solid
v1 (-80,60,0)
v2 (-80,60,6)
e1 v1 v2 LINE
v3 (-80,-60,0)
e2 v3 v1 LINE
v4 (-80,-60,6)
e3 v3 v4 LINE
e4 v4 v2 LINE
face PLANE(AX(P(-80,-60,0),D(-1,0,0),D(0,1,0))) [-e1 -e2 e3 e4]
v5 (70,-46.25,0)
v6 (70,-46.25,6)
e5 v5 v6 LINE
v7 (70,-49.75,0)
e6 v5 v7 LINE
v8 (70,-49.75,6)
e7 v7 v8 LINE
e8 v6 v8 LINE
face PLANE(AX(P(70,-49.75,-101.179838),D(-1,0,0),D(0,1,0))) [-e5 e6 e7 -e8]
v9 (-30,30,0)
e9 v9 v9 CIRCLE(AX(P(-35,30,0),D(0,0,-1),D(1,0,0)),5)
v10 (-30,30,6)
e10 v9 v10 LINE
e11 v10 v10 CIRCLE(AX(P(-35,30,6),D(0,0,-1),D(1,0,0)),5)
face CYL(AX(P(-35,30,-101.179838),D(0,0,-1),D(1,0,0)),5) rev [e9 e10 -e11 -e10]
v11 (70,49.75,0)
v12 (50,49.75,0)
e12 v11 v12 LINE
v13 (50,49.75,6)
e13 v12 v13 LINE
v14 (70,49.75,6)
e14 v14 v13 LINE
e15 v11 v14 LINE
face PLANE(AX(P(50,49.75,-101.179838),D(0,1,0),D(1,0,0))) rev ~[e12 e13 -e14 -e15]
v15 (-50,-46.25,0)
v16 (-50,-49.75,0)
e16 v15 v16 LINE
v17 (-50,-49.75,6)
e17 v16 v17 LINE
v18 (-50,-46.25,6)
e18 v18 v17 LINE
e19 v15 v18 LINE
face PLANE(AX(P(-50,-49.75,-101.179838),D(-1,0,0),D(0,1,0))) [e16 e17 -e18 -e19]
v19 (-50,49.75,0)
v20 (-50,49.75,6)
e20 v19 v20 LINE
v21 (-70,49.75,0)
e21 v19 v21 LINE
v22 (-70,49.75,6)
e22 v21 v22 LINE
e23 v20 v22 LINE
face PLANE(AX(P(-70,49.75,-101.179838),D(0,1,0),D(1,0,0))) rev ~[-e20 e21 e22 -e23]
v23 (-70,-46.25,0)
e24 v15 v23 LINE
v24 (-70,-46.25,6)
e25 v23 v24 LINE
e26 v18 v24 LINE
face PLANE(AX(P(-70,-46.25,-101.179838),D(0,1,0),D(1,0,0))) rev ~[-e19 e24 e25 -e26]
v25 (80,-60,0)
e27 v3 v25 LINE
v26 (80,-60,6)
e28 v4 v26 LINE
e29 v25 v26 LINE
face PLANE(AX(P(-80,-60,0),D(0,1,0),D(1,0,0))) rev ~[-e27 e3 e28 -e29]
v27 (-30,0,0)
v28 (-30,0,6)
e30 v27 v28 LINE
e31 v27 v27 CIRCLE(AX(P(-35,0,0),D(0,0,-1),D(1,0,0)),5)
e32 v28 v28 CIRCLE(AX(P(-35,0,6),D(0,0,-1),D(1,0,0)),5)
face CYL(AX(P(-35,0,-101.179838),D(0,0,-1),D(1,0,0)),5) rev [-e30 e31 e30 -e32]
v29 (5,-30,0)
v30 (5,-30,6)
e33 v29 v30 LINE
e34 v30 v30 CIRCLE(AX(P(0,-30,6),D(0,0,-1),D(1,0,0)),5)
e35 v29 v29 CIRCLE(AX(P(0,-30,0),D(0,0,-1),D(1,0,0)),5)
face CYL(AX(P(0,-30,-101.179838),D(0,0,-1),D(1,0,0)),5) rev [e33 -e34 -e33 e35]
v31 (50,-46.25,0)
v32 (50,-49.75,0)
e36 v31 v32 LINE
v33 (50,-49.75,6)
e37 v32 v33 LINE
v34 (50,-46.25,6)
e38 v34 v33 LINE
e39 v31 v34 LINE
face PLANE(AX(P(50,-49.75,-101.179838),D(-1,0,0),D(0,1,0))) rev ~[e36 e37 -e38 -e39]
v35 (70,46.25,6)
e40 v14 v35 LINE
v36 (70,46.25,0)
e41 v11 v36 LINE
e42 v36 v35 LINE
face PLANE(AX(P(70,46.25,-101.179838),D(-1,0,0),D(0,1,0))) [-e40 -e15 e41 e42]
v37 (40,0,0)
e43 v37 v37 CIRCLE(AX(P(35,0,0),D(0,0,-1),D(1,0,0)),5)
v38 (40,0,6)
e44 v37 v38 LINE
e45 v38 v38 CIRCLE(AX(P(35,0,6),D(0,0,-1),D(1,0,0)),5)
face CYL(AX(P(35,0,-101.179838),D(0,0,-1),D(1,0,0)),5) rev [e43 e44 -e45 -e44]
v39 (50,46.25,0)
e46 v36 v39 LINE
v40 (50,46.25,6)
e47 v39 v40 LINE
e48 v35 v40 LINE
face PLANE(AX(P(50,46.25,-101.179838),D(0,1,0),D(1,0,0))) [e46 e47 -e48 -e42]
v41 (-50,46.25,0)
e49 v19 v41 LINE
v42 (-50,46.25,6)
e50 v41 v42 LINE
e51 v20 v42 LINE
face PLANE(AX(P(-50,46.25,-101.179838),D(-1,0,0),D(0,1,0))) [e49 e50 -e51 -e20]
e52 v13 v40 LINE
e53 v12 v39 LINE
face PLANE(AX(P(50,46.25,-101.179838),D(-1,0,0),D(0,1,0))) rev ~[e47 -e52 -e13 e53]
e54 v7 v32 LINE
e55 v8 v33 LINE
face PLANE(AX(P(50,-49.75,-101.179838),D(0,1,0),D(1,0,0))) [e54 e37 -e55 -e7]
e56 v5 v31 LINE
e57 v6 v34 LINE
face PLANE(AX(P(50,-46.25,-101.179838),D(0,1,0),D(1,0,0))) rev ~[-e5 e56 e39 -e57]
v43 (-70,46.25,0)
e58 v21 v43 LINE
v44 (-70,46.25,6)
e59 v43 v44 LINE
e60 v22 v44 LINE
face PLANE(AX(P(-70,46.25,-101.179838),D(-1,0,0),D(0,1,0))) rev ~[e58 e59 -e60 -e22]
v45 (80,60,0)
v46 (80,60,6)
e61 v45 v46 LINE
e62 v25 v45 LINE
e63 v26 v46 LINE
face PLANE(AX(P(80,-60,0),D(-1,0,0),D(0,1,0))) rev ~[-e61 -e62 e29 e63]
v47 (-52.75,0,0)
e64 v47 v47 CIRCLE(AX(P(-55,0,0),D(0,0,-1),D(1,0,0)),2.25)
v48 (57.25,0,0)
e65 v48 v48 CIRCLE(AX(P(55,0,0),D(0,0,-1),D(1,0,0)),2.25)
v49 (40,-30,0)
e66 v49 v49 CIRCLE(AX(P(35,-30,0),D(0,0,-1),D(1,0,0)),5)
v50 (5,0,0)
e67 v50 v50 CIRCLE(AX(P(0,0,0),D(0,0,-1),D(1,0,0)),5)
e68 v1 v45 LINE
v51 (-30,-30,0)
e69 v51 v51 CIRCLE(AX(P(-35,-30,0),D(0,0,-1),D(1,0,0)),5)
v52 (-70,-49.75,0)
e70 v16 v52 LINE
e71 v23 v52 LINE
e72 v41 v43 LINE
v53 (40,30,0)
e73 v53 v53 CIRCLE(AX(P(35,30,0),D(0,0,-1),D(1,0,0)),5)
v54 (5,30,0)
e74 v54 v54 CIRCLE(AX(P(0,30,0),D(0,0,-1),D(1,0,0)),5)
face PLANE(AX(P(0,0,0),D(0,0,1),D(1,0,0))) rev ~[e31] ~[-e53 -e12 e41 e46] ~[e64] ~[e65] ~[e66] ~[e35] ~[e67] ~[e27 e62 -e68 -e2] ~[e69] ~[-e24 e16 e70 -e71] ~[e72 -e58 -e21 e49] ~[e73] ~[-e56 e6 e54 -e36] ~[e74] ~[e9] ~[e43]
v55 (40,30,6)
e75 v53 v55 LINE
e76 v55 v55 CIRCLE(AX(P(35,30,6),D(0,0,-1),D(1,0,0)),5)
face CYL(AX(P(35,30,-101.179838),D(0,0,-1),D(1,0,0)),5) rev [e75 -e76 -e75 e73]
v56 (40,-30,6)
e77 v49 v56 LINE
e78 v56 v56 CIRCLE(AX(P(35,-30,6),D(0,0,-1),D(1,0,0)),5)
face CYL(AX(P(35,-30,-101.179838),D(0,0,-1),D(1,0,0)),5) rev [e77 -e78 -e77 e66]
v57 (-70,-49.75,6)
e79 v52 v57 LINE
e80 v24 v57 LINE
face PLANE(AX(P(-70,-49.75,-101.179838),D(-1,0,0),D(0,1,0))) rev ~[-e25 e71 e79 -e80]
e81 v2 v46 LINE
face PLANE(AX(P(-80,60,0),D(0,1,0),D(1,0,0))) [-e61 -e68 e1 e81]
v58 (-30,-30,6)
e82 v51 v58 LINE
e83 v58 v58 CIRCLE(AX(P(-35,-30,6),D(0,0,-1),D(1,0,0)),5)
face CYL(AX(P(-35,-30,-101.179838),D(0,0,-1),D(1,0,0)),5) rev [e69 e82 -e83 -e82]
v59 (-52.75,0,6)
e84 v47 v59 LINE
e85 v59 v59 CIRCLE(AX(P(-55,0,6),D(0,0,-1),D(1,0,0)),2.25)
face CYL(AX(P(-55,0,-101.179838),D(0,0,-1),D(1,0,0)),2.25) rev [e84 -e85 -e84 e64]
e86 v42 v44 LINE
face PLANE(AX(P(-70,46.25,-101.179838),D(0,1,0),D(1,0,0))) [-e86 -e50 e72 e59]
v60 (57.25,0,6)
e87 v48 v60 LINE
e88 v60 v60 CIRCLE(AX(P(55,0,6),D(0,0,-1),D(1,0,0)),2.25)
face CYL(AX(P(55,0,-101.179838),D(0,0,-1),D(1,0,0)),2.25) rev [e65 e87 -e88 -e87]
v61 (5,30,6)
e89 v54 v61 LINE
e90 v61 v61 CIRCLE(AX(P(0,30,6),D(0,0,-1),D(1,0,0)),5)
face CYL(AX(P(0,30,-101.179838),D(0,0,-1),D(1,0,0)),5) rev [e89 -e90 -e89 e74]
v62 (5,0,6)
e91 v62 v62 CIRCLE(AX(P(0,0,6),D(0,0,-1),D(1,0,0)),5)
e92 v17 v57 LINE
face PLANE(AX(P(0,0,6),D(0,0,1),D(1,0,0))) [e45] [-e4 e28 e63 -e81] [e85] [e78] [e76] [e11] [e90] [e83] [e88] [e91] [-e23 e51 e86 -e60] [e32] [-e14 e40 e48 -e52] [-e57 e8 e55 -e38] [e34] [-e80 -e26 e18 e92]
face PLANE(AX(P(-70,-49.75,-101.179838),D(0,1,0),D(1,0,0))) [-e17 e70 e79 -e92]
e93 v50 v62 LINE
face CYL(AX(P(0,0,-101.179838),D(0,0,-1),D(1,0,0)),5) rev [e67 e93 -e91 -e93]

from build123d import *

# Parameters (mm, degrees)
SKETCH_1_W                 = 160
SKETCH_1_H                 = 120
EXTRUDE_160X120_DEPTH      = 6
CUT_EXTRUDE_392_DEPTH      = 101.179838291
CUT_EXTRUDE_392_DEPTH_BACK = 101.179838291
SKETCH_2_R                 = 2.25
SKETCH_2_R_2               = 5
SKETCH_2_W                 = 20
SKETCH_2_H                 = 3.5


with BuildPart() as part:
    # 草图1 → 主板通用托盘160x120 (new body)
    with BuildSketch(Plane.XY):
        Rectangle(SKETCH_1_W, SKETCH_1_H)
    extrude(amount=EXTRUDE_160X120_DEPTH)

    # 草图2 → Cut-Extrude 392 (cut, two sides: drawn at the far end of the back side and taken through both)
    with BuildSketch(Plane.XY.offset(-CUT_EXTRUDE_392_DEPTH_BACK)):
        with Locations((-55, 0)):
            Circle(SKETCH_2_R)
        with Locations((55, 0)):
            Circle(SKETCH_2_R)
        with Locations((-35, -30)):
            Circle(SKETCH_2_R_2)
        with Locations((-35, 0)):
            Circle(SKETCH_2_R_2)
        with Locations((-35, 30)):
            Circle(SKETCH_2_R_2)
        with Locations((0, -30)):
            Circle(SKETCH_2_R_2)
        Circle(SKETCH_2_R_2)
        with Locations((0, 30)):
            Circle(SKETCH_2_R_2)
        with Locations((35, -30)):
            Circle(SKETCH_2_R_2)
        with Locations((35, 0)):
            Circle(SKETCH_2_R_2)
        with Locations((35, 30)):
            Circle(SKETCH_2_R_2)
        with Locations((-60, -48)):
            Rectangle(SKETCH_2_W, SKETCH_2_H)
        with Locations((-60, 48)):
            Rectangle(SKETCH_2_W, SKETCH_2_H)
        with Locations((60, -48)):
            Rectangle(SKETCH_2_W, SKETCH_2_H)
        with Locations((60, 48)):
            Rectangle(SKETCH_2_W, SKETCH_2_H)
    extrude(amount=CUT_EXTRUDE_392_DEPTH + CUT_EXTRUDE_392_DEPTH_BACK, mode=Mode.SUBTRACT)


solid = part.part
